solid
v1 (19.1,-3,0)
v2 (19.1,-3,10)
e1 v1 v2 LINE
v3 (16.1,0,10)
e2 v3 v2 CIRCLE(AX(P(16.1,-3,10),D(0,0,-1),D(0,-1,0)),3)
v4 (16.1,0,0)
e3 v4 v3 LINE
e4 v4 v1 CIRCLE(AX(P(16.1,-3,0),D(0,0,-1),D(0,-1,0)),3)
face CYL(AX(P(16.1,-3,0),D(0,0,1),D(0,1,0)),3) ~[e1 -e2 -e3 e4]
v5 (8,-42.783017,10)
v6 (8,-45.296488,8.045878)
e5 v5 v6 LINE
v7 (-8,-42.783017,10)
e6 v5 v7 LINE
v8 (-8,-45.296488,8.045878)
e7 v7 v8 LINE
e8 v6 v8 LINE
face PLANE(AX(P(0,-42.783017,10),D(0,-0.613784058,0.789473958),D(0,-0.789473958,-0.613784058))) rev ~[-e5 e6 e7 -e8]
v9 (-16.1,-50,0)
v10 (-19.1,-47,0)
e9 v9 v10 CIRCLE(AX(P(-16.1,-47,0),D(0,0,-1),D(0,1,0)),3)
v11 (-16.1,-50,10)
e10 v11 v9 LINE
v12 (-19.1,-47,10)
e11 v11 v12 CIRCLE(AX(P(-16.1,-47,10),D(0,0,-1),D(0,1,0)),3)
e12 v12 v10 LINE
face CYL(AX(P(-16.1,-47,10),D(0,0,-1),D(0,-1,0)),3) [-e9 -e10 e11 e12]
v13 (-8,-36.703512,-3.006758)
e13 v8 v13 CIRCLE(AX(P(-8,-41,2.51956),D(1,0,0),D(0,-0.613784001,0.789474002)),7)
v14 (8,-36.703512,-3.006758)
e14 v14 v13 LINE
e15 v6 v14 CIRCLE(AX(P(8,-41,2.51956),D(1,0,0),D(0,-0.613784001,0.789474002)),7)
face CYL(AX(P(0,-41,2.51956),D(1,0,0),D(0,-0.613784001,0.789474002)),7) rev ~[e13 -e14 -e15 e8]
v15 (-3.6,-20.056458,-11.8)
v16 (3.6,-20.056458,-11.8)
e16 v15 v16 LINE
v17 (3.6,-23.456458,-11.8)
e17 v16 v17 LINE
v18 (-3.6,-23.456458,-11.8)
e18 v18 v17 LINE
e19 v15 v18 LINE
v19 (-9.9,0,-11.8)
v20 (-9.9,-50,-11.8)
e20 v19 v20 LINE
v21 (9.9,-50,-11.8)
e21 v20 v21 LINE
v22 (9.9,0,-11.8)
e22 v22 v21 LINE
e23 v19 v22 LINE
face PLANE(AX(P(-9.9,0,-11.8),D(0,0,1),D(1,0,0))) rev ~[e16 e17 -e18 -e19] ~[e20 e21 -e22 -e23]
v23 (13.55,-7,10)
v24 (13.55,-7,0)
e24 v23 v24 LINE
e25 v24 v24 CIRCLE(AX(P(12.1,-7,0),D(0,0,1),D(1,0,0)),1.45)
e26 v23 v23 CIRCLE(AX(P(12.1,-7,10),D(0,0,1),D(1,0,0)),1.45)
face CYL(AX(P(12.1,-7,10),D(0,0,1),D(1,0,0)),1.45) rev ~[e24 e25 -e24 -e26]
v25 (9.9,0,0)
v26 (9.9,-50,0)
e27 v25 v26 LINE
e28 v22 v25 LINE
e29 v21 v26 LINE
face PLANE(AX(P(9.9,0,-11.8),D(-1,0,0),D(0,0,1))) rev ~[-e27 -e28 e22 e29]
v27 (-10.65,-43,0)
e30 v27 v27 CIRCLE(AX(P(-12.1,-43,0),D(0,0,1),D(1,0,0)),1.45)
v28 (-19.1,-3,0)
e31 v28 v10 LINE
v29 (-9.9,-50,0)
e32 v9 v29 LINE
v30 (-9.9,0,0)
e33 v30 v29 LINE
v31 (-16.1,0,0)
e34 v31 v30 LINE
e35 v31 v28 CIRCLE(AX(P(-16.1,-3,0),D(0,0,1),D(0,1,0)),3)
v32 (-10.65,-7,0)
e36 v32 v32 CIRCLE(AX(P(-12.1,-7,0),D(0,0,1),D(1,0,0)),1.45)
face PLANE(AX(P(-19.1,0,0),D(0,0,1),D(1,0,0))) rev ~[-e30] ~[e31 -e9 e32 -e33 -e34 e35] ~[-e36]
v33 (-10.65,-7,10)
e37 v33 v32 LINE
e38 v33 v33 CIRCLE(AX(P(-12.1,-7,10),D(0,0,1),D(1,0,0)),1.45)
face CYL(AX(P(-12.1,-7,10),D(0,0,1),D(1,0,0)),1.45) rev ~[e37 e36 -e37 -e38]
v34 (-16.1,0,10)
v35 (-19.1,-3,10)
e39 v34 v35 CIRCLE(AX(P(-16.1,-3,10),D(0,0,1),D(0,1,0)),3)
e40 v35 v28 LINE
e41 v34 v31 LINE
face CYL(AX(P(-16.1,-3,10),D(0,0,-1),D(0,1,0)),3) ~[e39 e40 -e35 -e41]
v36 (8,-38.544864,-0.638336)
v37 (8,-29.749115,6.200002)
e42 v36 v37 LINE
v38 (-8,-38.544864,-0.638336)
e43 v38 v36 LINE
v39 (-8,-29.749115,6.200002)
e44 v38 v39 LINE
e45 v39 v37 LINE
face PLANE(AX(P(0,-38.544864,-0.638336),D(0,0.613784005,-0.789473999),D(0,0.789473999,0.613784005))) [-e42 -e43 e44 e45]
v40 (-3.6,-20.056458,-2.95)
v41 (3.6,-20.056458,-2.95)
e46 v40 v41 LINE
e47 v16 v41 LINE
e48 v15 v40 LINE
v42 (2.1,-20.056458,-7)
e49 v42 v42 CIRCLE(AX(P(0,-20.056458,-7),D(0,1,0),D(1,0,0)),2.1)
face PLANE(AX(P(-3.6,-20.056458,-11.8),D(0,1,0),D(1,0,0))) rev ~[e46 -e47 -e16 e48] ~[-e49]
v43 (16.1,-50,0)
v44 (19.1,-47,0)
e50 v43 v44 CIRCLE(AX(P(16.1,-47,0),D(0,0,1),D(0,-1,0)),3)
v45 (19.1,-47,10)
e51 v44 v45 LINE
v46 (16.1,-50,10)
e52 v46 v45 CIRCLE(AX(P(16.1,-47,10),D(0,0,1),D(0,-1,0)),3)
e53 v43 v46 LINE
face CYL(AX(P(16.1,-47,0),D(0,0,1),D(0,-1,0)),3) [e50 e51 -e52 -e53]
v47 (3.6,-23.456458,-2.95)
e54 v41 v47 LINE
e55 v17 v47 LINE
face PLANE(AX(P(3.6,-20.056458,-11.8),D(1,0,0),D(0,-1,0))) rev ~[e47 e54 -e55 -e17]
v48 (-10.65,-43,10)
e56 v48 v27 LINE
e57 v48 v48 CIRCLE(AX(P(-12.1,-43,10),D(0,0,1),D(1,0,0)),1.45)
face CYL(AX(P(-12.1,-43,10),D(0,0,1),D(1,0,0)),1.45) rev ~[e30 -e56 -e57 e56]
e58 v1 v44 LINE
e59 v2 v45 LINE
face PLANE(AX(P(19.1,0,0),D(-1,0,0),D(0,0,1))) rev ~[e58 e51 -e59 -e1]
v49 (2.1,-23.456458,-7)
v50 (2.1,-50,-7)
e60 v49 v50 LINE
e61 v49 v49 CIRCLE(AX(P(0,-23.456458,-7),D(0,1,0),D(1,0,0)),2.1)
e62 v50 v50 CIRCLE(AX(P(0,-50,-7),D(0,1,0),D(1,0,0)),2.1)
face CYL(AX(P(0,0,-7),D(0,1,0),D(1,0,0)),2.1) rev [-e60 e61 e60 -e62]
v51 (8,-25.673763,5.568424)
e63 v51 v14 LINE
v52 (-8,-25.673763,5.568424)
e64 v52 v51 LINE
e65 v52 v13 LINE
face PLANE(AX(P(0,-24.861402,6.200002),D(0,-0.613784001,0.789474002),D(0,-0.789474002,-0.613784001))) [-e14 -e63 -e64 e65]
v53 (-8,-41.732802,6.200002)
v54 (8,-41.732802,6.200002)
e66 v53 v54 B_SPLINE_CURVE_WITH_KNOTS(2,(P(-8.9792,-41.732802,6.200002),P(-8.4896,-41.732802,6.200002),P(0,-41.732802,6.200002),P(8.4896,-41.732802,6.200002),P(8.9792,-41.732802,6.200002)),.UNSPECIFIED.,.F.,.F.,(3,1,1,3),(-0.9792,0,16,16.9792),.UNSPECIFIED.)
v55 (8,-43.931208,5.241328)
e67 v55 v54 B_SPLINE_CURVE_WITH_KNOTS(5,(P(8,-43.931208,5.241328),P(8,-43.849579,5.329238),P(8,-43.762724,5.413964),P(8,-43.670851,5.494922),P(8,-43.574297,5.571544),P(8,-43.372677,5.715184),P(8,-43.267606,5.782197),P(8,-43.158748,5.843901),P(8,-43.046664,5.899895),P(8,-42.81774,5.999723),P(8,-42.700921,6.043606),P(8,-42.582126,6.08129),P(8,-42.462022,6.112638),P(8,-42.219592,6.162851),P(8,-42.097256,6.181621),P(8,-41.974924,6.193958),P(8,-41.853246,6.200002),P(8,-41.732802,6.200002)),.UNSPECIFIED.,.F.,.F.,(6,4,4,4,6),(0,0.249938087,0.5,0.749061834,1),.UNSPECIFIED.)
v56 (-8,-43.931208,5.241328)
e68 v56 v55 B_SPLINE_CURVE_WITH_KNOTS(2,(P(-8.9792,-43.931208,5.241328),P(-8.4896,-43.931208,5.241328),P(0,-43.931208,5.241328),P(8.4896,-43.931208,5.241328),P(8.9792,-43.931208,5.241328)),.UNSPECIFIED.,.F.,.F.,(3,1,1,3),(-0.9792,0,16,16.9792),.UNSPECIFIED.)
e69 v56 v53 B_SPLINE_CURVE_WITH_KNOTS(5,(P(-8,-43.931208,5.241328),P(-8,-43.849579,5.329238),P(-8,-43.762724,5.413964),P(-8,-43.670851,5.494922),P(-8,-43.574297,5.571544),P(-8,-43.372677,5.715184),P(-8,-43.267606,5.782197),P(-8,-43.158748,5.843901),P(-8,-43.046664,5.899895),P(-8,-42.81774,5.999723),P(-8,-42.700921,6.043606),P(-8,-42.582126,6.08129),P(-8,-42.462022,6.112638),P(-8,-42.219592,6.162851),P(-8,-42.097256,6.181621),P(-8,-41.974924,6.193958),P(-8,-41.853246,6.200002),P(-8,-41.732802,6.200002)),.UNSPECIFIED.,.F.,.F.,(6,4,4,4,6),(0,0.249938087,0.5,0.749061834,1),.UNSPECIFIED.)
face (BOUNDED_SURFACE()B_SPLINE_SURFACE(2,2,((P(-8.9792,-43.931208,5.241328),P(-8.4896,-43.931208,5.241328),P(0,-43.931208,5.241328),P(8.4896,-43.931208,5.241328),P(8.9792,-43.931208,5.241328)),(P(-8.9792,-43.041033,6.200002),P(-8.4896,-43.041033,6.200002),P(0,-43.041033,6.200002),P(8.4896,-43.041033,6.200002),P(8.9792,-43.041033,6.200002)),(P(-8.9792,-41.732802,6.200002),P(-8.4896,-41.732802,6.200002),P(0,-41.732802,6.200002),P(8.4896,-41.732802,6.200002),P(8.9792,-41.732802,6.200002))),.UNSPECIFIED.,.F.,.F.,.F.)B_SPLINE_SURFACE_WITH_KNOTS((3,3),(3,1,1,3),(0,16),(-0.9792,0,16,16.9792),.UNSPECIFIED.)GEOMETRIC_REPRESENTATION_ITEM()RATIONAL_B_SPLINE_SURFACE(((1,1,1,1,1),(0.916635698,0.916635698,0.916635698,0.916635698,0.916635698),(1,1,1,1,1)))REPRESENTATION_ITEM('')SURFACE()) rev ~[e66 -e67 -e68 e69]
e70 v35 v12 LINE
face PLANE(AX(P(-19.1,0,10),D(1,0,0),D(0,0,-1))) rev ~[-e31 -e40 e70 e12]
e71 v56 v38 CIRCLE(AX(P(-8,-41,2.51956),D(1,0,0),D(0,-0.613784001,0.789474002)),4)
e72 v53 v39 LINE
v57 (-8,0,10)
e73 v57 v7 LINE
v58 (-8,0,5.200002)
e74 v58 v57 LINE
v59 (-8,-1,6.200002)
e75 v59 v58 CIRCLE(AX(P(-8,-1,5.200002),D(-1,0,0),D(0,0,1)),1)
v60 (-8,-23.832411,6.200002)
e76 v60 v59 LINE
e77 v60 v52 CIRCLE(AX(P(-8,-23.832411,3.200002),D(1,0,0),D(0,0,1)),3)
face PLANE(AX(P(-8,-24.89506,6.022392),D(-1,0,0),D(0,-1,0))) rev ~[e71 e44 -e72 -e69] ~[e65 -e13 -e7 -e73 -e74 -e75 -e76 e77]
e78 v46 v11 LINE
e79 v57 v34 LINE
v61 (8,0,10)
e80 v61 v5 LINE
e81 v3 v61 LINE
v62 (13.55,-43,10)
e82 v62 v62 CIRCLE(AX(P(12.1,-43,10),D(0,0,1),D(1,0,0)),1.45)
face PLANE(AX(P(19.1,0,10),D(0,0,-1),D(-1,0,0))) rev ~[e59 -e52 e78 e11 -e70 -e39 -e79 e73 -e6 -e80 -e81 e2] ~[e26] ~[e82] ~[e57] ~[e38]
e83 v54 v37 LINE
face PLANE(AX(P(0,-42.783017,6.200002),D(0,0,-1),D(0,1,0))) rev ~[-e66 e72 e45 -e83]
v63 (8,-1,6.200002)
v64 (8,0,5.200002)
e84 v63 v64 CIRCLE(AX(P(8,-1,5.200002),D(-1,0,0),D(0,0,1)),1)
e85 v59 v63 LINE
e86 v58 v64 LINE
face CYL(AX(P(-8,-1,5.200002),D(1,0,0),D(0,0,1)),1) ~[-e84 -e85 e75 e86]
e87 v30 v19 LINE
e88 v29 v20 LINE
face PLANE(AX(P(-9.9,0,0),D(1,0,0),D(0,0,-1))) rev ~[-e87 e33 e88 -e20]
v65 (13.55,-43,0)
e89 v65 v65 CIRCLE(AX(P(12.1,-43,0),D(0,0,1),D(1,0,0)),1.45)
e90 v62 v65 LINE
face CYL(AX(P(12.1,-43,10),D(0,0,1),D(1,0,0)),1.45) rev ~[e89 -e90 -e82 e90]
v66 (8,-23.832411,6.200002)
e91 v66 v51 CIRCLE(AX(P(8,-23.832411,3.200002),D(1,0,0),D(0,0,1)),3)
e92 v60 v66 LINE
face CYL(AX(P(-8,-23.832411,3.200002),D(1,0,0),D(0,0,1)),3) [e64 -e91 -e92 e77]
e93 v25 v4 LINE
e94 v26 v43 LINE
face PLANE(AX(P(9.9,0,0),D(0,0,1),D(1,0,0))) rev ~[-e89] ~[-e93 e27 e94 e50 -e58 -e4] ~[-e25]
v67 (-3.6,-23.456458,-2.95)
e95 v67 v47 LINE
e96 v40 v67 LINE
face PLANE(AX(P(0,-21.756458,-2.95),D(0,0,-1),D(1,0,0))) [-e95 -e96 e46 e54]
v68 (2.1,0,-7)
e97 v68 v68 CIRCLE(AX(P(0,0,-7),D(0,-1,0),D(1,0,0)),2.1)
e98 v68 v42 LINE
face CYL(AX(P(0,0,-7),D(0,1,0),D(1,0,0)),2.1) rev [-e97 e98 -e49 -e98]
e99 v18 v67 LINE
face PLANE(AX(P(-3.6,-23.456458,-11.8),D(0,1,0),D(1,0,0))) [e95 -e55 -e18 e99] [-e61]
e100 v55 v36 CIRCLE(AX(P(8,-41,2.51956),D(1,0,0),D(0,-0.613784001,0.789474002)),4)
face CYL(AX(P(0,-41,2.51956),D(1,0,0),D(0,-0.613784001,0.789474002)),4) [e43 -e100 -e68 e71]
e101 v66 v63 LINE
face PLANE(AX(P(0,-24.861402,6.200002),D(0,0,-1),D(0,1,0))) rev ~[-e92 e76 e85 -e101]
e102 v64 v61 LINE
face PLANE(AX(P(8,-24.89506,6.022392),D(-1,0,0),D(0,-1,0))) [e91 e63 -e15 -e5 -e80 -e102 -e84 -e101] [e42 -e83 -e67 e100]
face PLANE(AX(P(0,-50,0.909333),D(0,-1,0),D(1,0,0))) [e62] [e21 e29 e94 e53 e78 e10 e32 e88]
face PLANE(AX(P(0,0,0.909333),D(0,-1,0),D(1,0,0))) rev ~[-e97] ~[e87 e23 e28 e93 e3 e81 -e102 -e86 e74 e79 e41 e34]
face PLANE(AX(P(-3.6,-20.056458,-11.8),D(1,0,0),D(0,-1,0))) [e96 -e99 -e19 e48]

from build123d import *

# Parameters (mm, degrees)
PAD005_DEPTH    = 50
SKETCH012_R     = 2.1
POCKET004_DEPTH = 50.001
POCKET005_DEPTH = 8
SKETCH014_W     = 7.2
SKETCH014_H     = 3.4
POCKET006_DEPTH = 8.85
SKETCH015_R     = 1.45
POCKET007_DEPTH = 21.801
FILLET012_R     = 3
FILLET013_R     = 3
FILLET015_R     = 1


with BuildPart() as part:
    # Sketch010 → Pad005 (new body)
    with BuildSketch(Plane.XZ):
        Polygon((-9.9, -11.8), (9.9, -11.8), (9.9, 0), (19.1, 0), (19.1, 10), (-19.1, 10), (-19.1, 0), (-9.9, 0), align=None)
    extrude(amount=PAD005_DEPTH)

    # Sketch012 → Pocket004 (cut, through all)
    with BuildSketch(Plane.XZ):
        with Locations((0, -7)):
            Circle(SKETCH012_R)
    extrude(amount=POCKET004_DEPTH, mode=Mode.SUBTRACT)

    # Sketch013 → Pocket005 (cut, symmetric)
    with BuildSketch(Plane.YZ):
        with BuildLine():
            Line((-24.861402, 6.200002), (-36.703512, -3.006758))
            ThreePointArc((-45.296488, 8.045878), (-46.526318, -1.776928), (-36.703512, -3.006758))
            Line((-42.783017, 10), (-45.296488, 8.045878))
            Line((0, 10), (-42.783017, 10))
            Line((0.003511, 6.200002), (0, 10))
            Line((-24.861402, 6.200002), (0.003511, 6.200002))
        make_face()
        with BuildLine():
            ThreePointArc((-43.455136, 5.677456), (-44.157896, 0.064424), (-38.544864, -0.638336))
            Line((-38.544864, -0.638336), (-29.749115, 6.200002))
            Line((-42.783017, 6.200002), (-29.749115, 6.200002))
            Line((-43.455136, 5.677456), (-42.783017, 6.200002))
        make_face(mode=Mode.SUBTRACT)
    extrude(amount=POCKET005_DEPTH, both=True, mode=Mode.SUBTRACT)

    # Sketch014 (on Face1 of Pocket005) → Pocket006 (cut)
    with BuildSketch(Plane(origin=(0, 0, -11.8), x_dir=(1, 0, 0), z_dir=(0, 0, -1))):
        with Locations((0, 21.756458)):
            Rectangle(SKETCH014_W, SKETCH014_H)
    extrude(amount=-POCKET006_DEPTH, mode=Mode.SUBTRACT)

    # Sketch015 (on DatumPlane) → Pocket007 (cut, through all)
    with BuildSketch(Plane.XY.offset(10)):
        with Locations((-12.1, -7)):
            Circle(SKETCH015_R)
        with Locations((12.1, -7)):
            Circle(SKETCH015_R)
        with Locations((12.1, -43)):
            Circle(SKETCH015_R)
        with Locations((-12.1, -43)):
            Circle(SKETCH015_R)
    extrude(amount=-POCKET007_DEPTH, mode=Mode.SUBTRACT)

    # Fillet012
    fillet012_edges = [part.edges().sort_by_distance(p)[0] for p in [
        (19.1, -50, 5),
        (19.1, 0, 5),
        (-19.1, -50, 5),
        (-19.1, 0, 5),
    ]]
    fillet(fillet012_edges, radius=FILLET012_R)

    # Fillet013
    fillet013_edges = [part.edges().sort_by_distance(p)[0] for p in [
        (0, -42.783017, 6.200002),
        (0, -24.861402, 6.200002),
    ]]
    fillet(fillet013_edges, radius=FILLET013_R)

    # Fillet015
    fillet015_edges = [part.edges().sort_by_distance(p)[0] for p in [
        (0, 0, 6.200002),
    ]]
    fillet(fillet015_edges, radius=FILLET015_R)


solid = part.part
